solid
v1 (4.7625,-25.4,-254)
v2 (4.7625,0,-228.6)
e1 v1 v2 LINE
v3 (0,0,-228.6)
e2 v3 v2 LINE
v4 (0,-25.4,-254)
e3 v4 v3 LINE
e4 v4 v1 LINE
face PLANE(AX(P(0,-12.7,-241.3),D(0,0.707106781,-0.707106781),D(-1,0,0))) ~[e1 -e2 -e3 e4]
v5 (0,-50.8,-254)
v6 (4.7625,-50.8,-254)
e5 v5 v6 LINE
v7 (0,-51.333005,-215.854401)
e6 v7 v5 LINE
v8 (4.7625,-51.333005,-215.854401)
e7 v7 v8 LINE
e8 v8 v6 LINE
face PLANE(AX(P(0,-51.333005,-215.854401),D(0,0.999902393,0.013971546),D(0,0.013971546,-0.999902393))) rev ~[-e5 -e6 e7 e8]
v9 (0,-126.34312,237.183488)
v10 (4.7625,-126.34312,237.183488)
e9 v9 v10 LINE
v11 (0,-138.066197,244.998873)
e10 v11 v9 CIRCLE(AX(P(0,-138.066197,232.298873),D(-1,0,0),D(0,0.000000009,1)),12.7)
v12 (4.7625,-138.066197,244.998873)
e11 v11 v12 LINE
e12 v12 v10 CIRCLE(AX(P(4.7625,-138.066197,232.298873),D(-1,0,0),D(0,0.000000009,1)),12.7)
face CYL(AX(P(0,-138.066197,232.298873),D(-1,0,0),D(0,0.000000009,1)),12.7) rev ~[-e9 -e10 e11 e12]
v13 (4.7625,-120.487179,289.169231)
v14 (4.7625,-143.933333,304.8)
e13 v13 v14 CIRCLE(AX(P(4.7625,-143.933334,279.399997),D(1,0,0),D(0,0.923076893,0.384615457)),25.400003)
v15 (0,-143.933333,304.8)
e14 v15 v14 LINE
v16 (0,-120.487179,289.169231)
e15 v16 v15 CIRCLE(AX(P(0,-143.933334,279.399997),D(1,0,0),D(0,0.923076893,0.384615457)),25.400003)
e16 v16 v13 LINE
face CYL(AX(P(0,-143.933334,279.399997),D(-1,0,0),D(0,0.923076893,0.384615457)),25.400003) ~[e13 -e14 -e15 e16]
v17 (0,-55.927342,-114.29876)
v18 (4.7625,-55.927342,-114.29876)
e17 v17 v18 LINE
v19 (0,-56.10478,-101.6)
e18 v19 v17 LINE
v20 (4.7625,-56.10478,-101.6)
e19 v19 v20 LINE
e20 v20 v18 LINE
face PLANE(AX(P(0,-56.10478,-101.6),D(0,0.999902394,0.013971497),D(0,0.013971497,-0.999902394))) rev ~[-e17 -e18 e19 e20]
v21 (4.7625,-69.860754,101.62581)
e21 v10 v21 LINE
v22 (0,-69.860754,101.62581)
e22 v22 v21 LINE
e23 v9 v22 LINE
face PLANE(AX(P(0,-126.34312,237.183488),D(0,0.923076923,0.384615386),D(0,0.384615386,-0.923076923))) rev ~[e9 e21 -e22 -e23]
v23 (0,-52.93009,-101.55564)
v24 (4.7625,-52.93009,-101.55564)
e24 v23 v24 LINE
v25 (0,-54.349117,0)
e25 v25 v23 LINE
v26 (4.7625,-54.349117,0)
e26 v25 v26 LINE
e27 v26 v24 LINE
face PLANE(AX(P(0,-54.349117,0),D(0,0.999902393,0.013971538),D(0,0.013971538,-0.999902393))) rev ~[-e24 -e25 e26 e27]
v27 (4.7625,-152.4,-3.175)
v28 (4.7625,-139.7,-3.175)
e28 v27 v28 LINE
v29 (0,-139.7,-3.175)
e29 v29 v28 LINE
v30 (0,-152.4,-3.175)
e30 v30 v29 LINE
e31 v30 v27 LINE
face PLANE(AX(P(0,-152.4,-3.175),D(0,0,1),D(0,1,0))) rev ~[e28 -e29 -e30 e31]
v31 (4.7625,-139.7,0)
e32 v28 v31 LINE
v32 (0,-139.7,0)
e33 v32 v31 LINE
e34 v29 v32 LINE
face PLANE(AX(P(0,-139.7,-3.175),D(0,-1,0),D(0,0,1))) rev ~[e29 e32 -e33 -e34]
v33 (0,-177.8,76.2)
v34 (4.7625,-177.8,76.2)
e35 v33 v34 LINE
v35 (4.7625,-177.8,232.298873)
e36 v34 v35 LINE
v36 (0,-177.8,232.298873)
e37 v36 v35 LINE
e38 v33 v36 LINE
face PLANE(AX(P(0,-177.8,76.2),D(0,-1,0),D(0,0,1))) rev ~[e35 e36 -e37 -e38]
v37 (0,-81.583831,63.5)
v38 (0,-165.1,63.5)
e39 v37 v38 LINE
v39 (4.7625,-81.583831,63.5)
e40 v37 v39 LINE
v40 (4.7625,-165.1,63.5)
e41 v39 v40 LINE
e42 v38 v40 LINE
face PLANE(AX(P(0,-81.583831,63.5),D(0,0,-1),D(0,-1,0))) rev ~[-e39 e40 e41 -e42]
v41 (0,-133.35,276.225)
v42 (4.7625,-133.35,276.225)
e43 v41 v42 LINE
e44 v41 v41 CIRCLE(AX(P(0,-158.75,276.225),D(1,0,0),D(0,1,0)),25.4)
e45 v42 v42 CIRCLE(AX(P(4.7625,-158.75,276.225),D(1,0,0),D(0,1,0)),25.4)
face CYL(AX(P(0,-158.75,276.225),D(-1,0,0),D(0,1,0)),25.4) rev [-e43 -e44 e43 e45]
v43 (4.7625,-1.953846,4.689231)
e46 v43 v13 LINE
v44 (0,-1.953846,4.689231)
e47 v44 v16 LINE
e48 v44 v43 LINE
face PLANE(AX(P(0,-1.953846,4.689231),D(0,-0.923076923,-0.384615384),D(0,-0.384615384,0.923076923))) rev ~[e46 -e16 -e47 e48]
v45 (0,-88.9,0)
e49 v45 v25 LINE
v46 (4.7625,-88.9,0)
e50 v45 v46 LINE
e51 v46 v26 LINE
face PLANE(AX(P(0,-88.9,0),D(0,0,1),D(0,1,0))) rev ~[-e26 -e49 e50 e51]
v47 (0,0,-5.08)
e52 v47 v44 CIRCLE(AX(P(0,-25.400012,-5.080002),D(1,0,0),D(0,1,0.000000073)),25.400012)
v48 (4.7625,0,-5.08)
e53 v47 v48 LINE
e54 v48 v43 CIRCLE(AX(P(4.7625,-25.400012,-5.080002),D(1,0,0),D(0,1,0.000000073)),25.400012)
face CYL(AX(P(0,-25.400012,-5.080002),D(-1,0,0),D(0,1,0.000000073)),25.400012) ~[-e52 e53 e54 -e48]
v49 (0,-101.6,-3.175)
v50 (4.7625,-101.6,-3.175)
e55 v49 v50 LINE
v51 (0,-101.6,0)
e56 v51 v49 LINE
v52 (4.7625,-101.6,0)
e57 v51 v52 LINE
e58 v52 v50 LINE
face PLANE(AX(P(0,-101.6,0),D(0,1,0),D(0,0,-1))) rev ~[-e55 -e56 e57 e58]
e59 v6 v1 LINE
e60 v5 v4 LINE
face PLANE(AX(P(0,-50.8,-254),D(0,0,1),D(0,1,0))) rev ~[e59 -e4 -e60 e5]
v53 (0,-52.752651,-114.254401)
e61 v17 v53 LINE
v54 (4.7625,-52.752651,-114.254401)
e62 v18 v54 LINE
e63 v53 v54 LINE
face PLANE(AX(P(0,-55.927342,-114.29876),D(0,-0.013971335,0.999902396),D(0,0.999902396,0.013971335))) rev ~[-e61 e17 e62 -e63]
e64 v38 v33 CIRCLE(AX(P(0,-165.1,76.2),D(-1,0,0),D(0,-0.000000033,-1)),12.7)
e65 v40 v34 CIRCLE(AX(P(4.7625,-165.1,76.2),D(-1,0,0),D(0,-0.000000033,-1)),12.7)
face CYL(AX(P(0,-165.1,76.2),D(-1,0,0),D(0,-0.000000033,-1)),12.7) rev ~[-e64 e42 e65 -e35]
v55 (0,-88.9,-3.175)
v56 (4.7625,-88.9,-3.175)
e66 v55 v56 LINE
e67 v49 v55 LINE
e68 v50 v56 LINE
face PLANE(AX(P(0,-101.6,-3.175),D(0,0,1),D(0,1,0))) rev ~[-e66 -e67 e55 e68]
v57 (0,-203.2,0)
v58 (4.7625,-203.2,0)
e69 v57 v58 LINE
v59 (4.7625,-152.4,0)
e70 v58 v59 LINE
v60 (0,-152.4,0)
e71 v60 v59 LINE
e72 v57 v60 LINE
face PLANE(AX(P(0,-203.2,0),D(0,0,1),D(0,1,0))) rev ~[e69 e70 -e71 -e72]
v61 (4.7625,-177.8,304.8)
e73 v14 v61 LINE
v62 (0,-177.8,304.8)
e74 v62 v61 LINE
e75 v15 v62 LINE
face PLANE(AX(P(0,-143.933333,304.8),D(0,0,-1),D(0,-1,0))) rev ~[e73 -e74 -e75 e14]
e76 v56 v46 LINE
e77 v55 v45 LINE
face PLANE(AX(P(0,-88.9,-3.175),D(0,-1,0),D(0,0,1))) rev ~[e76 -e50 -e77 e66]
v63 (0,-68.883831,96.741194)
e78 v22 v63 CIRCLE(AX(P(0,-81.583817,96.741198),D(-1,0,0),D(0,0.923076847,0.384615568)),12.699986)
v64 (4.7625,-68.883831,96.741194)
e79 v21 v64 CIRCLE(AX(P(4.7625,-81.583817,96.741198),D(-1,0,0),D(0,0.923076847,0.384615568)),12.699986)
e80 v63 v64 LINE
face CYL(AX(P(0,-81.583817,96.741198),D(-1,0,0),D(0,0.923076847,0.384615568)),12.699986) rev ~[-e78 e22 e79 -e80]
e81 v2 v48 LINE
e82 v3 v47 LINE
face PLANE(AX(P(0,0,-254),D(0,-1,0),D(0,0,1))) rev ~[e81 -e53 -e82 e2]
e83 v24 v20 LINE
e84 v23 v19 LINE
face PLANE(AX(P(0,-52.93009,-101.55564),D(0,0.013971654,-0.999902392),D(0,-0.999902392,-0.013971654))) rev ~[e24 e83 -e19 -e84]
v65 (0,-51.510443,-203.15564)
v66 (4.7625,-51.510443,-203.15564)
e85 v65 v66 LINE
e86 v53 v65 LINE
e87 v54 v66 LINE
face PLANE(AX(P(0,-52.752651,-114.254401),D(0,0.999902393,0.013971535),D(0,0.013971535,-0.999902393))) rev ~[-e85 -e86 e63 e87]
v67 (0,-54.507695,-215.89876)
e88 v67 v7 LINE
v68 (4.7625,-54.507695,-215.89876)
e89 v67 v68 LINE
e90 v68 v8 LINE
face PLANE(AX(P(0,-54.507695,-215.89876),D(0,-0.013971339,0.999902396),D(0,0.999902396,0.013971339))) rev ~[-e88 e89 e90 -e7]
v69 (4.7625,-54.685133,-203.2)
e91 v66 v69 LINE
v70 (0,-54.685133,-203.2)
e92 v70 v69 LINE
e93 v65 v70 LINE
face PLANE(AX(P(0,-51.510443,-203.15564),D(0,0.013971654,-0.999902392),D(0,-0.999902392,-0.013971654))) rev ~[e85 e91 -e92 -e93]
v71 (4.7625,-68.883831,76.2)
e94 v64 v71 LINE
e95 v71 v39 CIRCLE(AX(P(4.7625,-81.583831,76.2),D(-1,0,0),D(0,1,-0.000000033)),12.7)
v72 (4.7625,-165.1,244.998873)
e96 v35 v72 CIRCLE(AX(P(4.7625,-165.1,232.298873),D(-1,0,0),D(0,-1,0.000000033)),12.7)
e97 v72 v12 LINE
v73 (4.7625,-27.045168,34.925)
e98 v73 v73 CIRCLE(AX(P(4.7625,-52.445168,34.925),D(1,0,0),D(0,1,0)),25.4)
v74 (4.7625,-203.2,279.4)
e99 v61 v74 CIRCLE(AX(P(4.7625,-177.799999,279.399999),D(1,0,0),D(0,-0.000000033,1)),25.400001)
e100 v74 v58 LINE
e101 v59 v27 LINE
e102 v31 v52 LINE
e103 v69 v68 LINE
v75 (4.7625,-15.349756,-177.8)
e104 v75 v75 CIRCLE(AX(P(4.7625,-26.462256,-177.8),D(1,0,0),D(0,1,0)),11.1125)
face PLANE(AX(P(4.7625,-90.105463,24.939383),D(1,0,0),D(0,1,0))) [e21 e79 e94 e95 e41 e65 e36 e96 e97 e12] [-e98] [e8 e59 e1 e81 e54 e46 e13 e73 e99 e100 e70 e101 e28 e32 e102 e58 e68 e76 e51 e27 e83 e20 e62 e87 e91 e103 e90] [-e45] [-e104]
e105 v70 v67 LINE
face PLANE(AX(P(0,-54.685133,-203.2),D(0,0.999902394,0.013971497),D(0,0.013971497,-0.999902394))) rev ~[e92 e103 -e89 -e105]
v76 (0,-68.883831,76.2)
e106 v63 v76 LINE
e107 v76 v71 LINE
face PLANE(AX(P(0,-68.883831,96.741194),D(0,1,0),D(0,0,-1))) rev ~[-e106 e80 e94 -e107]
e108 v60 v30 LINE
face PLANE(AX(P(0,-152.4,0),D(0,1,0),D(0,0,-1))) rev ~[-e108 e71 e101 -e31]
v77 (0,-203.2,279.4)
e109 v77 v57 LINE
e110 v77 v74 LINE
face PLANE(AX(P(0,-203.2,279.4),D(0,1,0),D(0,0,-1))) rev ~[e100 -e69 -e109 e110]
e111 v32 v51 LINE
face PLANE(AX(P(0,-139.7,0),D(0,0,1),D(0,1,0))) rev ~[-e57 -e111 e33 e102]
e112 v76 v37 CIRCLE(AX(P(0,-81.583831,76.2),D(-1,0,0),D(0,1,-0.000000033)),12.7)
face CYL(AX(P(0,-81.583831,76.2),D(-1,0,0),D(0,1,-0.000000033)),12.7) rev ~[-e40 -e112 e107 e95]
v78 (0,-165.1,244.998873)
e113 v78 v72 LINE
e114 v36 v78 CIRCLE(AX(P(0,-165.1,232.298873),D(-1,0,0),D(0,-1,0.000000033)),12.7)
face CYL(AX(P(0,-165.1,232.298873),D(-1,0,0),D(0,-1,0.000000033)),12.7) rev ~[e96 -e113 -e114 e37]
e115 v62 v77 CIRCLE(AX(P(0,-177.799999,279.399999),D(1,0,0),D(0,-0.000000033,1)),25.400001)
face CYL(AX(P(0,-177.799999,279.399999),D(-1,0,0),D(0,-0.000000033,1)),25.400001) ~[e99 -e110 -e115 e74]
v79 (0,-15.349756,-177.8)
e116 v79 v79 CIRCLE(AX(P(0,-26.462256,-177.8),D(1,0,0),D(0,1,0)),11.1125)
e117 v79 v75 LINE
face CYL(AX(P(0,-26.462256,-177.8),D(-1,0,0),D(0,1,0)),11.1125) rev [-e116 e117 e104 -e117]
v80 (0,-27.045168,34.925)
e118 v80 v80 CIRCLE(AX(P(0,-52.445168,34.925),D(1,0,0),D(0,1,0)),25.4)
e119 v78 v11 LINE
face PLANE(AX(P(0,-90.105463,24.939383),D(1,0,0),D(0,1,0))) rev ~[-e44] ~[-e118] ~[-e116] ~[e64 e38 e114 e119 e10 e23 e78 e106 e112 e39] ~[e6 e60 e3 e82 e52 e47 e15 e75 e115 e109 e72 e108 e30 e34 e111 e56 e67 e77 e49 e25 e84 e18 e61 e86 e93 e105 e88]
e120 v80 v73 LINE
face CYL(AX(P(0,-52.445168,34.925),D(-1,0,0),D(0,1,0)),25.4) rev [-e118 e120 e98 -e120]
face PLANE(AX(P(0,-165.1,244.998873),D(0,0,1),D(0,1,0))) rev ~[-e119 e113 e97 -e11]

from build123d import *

# Parameters (mm, degrees)
F0_R     = 11.1125
F0_R_2   = 25.4
F1_DEPTH = 4.7625
F2_SIZE  = 25.4


with BuildPart() as f1:
    # F0 (on Right) → F1 (new body)
    with BuildSketch(Plane.YZ):
        with BuildLine():
            Line((-88.9, 0), (-54.349117, 0))
            Line((-54.349117, 0), (-52.93009, -101.55564))
            Line((-52.93009, -101.55564), (-56.10478, -101.6))
            Line((-56.10478, -101.6), (-55.927342, -114.29876))
            Line((-55.927342, -114.29876), (-52.752651, -114.254401))
            Line((-52.752651, -114.254401), (-51.510443, -203.15564))
            Line((-51.510443, -203.15564), (-54.685133, -203.2))
            Line((-54.685133, -203.2), (-54.507695, -215.89876))
            Line((-54.507695, -215.89876), (-51.333005, -215.854401))
            Line((-51.333005, -215.854401), (-50.8, -254))
            Line((-50.8, -254), (0, -254))
            Line((0, -254), (0, -5.08))
            ThreePointArc((0, -5.08), (-0.493251, -0.09865), (-1.953846, 4.689231))
            Line((-1.953846, 4.689231), (-120.487179, 289.169231))
            ThreePointArc((-120.487179, 289.169231), (-129.843948, 300.534077), (-143.933333, 304.8))
            Line((-143.933333, 304.8), (-177.8, 304.8))
            ThreePointArc((-177.8, 304.8), (-195.760512, 297.360512), (-203.2, 279.4))
            Line((-203.2, 279.4), (-203.2, 0))
            Line((-203.2, 0), (-152.4, 0))
            Line((-152.4, 0), (-152.4, -3.175))
            Line((-152.4, -3.175), (-139.7, -3.175))
            Line((-139.7, -3.175), (-139.7, 0))
            Line((-139.7, 0), (-101.6, 0))
            Line((-101.6, 0), (-101.6, -3.175))
            Line((-101.6, -3.175), (-88.9, -3.175))
            Line((-88.9, -3.175), (-88.9, 0))
        make_face()
        with Locations((-26.462256, -177.8)):
            Circle(F0_R, mode=Mode.SUBTRACT)
        with BuildLine():
            Line((-177.8, 76.2), (-177.8, 232.298873))
            ThreePointArc((-177.8, 232.298873), (-174.080256, 241.279129), (-165.1, 244.998873))
            Line((-165.1, 244.998873), (-138.066197, 244.998873))
            ThreePointArc((-138.066197, 244.998873), (-131.021505, 242.865912), (-126.34312, 237.183488))
            Line((-126.34312, 237.183488), (-69.860754, 101.62581))
            ThreePointArc((-69.860754, 101.62581), (-69.130456, 99.231869), (-68.883831, 96.741194))
            Line((-68.883831, 96.741194), (-68.883831, 76.2))
            ThreePointArc((-68.883831, 76.2), (-72.603575, 67.219744), (-81.583831, 63.5))
            Line((-81.583831, 63.5), (-165.1, 63.5))
            ThreePointArc((-165.1, 63.5), (-174.080256, 67.219744), (-177.8, 76.2))
        make_face(mode=Mode.SUBTRACT)
        with Locations((-158.75, 276.225)):
            Circle(F0_R_2, mode=Mode.SUBTRACT)
        with Locations((-52.445168, 34.925)):
            Circle(F0_R_2, mode=Mode.SUBTRACT)
    extrude(amount=F1_DEPTH)

    # F2
    f2_edges = [f1.edges().sort_by_distance(p)[0] for p in [
        (2.38125, 0, -254),
    ]]
    chamfer(f2_edges, length=F2_SIZE)


solid = f1.part
